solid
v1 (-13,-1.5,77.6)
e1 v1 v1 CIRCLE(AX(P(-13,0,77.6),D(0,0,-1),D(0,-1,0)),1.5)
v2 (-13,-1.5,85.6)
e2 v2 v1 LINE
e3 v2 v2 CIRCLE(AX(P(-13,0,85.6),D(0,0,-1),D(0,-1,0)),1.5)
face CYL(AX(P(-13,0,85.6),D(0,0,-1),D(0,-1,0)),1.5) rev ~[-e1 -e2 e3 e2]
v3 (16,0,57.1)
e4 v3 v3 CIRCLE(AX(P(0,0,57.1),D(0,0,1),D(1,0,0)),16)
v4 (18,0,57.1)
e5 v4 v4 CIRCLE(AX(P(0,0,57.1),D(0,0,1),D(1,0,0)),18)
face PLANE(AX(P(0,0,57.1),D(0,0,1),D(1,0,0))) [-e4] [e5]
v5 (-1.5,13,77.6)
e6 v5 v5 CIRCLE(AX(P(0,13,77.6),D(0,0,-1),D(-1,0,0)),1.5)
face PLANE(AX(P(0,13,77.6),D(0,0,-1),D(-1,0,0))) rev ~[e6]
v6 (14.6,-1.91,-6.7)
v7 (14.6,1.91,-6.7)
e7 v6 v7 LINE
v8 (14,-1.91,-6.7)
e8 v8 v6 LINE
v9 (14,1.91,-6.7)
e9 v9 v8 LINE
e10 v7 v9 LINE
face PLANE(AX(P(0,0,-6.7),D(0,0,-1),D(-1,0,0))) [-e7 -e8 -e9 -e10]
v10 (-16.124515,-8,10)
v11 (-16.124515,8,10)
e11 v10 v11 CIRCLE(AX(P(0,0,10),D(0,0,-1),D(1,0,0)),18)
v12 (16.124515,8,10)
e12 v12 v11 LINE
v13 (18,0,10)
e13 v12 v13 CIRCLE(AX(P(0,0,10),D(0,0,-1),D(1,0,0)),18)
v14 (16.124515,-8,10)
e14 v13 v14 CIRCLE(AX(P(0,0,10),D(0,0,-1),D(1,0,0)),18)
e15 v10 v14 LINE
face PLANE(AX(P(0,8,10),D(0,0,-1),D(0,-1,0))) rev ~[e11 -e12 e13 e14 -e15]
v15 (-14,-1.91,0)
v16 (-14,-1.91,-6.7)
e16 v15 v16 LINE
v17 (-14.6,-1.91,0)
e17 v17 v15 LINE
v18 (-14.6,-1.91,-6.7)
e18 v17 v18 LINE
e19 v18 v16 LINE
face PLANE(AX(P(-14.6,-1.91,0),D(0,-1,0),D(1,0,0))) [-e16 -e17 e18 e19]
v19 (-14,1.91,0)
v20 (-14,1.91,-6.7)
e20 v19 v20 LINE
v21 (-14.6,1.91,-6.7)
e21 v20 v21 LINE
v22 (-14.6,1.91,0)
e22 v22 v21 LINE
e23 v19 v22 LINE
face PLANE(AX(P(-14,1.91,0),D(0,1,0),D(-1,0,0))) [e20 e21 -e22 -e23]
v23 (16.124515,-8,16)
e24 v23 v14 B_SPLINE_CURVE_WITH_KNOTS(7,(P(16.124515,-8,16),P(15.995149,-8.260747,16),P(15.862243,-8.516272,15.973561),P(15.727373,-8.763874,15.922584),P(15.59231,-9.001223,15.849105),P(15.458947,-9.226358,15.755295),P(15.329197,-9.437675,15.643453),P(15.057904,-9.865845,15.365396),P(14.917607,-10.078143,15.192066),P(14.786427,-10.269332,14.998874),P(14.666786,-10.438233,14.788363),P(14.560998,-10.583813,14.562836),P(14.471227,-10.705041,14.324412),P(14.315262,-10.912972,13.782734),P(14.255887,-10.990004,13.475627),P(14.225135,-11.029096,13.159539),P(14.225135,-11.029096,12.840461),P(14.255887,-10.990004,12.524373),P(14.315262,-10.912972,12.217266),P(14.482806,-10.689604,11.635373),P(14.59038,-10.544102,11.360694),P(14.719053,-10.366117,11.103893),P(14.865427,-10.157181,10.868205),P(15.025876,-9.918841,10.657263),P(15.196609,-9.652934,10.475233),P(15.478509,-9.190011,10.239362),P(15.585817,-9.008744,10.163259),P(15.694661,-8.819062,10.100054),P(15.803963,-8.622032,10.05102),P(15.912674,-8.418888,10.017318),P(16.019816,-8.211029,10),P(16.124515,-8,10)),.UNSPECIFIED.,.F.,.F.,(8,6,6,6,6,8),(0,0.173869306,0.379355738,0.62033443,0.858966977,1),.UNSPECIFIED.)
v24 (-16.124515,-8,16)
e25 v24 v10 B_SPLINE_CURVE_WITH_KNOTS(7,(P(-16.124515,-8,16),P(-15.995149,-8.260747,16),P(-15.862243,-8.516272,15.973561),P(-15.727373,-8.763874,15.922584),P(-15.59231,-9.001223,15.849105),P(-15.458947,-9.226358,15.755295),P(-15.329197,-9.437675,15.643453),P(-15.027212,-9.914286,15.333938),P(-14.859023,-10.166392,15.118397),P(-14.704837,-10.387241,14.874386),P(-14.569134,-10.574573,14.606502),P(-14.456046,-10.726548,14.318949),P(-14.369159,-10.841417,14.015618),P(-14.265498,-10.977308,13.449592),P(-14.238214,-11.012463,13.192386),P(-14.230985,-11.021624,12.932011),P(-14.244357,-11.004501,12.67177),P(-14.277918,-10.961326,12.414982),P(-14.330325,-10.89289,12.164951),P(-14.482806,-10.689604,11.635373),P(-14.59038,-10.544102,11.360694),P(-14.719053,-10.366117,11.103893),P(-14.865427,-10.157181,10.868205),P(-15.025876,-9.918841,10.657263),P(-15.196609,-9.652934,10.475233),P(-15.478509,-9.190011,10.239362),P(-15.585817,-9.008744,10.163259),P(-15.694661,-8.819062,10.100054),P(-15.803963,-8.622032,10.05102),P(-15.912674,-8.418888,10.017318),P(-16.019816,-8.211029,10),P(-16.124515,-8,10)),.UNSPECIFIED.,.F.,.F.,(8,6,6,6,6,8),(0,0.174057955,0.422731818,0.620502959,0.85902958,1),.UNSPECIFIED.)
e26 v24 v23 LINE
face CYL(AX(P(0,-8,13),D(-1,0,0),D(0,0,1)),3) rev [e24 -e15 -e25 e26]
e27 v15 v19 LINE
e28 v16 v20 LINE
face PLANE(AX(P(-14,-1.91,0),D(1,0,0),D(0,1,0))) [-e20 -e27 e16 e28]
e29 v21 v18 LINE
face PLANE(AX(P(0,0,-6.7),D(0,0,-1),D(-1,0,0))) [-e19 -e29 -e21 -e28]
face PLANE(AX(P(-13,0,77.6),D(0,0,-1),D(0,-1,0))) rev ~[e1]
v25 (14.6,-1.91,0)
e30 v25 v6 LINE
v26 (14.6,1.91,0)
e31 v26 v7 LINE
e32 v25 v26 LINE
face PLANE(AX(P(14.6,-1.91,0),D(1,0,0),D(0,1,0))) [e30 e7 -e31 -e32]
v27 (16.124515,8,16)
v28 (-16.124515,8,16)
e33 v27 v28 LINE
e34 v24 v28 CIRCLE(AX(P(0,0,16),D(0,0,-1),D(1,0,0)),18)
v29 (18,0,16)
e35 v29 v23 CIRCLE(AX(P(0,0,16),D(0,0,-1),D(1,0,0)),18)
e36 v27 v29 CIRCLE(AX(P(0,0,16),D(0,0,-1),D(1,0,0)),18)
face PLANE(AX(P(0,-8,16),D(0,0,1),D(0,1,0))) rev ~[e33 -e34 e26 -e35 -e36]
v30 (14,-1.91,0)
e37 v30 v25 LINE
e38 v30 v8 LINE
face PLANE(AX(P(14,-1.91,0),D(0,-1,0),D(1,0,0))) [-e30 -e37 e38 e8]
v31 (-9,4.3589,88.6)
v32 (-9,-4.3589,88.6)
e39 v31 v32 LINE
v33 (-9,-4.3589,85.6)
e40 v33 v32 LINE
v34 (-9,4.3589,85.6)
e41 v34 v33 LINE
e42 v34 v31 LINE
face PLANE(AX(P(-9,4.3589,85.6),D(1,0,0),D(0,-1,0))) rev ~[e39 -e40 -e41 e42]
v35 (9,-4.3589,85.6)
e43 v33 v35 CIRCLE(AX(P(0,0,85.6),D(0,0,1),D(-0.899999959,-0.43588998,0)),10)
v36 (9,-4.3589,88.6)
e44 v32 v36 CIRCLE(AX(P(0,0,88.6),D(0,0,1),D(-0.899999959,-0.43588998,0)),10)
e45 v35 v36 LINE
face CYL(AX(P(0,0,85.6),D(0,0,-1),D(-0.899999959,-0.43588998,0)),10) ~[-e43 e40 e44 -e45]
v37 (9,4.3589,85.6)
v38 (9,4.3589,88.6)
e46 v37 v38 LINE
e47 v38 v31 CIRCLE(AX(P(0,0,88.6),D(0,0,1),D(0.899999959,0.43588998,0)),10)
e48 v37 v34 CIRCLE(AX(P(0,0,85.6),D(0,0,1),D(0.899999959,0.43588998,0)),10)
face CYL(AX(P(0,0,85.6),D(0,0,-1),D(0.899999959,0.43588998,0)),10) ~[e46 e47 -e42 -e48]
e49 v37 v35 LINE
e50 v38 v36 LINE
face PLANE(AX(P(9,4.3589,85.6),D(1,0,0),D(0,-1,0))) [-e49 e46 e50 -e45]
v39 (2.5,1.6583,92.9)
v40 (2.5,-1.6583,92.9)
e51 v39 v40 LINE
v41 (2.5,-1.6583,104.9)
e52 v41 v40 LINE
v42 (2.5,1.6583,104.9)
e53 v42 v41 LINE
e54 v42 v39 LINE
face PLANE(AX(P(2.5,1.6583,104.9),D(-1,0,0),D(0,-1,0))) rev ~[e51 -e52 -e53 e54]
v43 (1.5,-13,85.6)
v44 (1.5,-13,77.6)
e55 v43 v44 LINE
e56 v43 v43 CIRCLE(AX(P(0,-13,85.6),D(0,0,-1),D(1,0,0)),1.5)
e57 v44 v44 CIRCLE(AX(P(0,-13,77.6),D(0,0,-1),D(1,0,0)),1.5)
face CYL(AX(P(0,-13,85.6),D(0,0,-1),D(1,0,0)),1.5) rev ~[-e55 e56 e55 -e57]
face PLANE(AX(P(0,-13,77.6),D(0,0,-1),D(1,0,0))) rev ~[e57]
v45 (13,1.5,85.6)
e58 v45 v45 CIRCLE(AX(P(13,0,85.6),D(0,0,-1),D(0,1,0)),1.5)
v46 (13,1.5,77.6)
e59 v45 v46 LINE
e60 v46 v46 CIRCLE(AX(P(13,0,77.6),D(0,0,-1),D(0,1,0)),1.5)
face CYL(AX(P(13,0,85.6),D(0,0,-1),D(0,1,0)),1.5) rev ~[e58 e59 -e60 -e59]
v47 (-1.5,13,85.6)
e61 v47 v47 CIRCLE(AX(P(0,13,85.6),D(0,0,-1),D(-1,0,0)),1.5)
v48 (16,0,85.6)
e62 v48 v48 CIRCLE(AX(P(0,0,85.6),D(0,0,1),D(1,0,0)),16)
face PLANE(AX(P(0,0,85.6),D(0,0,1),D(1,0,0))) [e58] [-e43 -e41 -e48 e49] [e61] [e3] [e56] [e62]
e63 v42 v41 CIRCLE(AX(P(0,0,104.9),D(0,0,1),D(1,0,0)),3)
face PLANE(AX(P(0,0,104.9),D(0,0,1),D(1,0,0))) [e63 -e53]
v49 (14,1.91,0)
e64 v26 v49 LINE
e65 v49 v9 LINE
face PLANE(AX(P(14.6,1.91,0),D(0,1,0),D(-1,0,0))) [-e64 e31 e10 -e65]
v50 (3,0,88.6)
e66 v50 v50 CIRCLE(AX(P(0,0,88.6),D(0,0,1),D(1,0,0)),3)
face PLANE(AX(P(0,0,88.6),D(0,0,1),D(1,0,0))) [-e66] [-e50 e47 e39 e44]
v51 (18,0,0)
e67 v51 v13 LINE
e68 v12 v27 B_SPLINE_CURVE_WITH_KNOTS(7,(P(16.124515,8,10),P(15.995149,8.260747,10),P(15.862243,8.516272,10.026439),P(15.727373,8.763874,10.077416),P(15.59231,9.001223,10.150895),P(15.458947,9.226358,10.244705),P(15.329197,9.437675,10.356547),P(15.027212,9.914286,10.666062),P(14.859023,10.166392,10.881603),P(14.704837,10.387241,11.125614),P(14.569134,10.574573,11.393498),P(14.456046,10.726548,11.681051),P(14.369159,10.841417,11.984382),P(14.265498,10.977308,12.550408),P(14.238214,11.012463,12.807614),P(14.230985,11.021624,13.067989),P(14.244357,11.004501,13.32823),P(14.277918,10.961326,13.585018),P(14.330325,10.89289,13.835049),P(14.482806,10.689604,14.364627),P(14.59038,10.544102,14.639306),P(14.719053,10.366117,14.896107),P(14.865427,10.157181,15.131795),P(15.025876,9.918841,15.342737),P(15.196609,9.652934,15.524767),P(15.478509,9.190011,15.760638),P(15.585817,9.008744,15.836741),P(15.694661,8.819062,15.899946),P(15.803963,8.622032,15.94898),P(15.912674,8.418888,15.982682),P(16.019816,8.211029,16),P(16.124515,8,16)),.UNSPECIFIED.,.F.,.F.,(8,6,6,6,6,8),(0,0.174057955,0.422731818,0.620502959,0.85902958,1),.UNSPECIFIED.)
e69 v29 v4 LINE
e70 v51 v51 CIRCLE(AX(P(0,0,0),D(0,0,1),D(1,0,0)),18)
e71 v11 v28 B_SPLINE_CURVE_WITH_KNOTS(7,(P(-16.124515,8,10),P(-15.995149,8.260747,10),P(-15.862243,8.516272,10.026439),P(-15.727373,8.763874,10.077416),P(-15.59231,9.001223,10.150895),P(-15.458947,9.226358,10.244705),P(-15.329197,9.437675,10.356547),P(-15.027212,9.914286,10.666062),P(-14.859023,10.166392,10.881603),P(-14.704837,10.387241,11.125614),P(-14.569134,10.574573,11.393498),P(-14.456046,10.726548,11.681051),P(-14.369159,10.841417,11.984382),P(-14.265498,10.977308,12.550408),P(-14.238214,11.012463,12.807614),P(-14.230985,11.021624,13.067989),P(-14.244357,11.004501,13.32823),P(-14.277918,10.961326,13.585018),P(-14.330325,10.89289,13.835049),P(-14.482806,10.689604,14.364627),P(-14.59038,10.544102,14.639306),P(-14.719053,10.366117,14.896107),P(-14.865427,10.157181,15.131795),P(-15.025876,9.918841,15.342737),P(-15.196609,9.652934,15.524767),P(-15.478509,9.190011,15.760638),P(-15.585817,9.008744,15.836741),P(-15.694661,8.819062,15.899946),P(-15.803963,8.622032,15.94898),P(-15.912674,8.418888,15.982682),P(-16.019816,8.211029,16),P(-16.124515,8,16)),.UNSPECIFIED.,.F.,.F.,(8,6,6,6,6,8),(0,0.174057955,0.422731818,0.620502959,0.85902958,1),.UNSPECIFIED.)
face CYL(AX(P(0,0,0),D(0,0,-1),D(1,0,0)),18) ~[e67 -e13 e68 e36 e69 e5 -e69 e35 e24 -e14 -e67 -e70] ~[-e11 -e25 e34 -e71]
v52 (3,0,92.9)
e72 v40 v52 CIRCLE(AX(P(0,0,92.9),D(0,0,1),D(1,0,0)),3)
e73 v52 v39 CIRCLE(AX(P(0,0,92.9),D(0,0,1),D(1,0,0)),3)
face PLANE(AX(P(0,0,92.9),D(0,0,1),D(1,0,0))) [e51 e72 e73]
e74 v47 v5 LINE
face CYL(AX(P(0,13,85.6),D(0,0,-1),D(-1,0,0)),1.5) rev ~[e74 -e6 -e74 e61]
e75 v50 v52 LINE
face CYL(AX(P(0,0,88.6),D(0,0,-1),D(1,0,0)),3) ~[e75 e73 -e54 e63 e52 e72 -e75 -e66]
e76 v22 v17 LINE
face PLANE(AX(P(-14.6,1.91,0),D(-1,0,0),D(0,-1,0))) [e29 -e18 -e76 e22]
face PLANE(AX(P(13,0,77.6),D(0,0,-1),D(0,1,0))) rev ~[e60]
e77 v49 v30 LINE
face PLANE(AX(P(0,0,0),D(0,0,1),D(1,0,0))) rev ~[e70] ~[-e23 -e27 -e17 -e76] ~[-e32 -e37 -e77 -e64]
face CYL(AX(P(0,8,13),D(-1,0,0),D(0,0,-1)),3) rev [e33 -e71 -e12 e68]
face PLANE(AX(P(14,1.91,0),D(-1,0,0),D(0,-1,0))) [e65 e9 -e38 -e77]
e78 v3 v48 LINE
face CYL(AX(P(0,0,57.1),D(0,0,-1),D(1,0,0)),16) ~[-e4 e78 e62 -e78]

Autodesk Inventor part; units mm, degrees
ref_plane "YZ Plane" through (0, 0, 0) normal (1, 0, 0) x (0, 1, 0)
ref_plane "XZ Plane" through (0, 0, 0) normal (0, 1, 0) x (-1, 0, 0)
ref_plane "XY Plane" through (0, 0, 0) normal (0, 0, 1) x (1, 0, 0)
sketch "Sketch1" plane through (0, 0, 0) normal (0, 0, 1) x (1, 0, 0)
  circle A0 centre (0, 0) radius 18
  dimension "MotorDiameter" = 36
extrude "Extrusion1" add sketch "Sketch1" along normal blind 57.1
sketch "Sketch2" plane through (0, 0, 57.1) normal (0, 0, 1) x (1, 0, 0)
  circle A0 centre (0, 0) radius 16
  dimension "d3" = 32
extrude "Extrusion2" add sketch "Sketch2" along normal blind 28.5
sketch "Sketch3" plane through (0, 0, 85.6) normal (0, 0, 1) x (1, 0, 0)
  line L0 (-9, 4.3589) -> (-9, -4.3589)
  line L1 (9, 4.3589) -> (9, -4.3589)
  arc A0 (9, 4.3589) -> (-9, 4.3589) centre (0, 0) ccw
  arc A1 (-9, -4.3589) -> (9, -4.3589) centre (0, 0) ccw
  circle A2 centre (0, 0) radius 16 projected
  dimension "d7" = 18
  dimension "d8" = 9
  dimension "d9" = 10
  dimension "d10" = 10
extrude "Extrusion3" add sketch "Sketch3" along normal blind 3 contours A0 L1 A1 L0
sketch "Sketch4" plane through (0, 0, 88.6) normal (0, 0, 1) x (1, 0, 0)
  arc A0 (-9, -4.3589) -> (9, -4.3589) centre (0, 0) ccw projected
  circle A1 centre (0, 0) radius 3
  dimension "d13" = 6
extrude "Extrusion4" add sketch "Sketch4" along normal blind 16.3
sketch "Sketch5" plane through (0, 0, 104.9) normal (0, 0, 1) x (1, 0, 0)
  circle A0 centre (0, 0) radius 3 projected
  line L0 (2.5, 1.6583) -> (2.5, -1.6583)
  dimension "d16" = 2.5
extrude "Extrusion5" cut sketch "Sketch5" against normal blind 12 contours A0 L0 picked at (2.5914, -0.3806)
sketch "Sketch6" plane through (0, 0, 85.6) normal (0, 0, 1) x (1, 0, 0)
  circle A0 centre (0, 0) radius 16 projected
  circle A1 centre (0, 0) radius 13
  line L0 (0, 0) -> (-13, 0)
  line L1 (0, 0) -> (-13, 0)
  dimension "d19" = 26
  dimension "d20" = 0
hole "Hole1" at (-13, 0, 85.6) direction (0, 0, -1) diameter 3 depth 8
pattern_circular "Circular Pattern1" count 4 over 360 about axis through (0, 0, 57.1) along (0, 0, 1) of "Hole1"
thread "Thread1" size "M3x0.5" class "6H" standard "ANSI Metric M Profile" full length
thread "Thread2" size "M3x0.5" class "6H" standard "ANSI Metric M Profile" full length
thread "Thread3" size "M3x0.5" class "6H" standard "ANSI Metric M Profile" full length
thread "Thread4" size "M3x0.5" class "6H" standard "ANSI Metric M Profile" full length
sketch "Sketch7" plane through (0, 0, 0) normal (0, 0, -1) x (-1, 0, 0)
  line L0 (-14.6, 1.91) -> (-14, 1.91)
  line L1 (-14, 1.91) -> (-14, -1.91)
  line L2 (-14, -1.91) -> (-14.6, -1.91)
  line L3 (-14.6, -1.91) -> (-14.6, 1.91)
  line L4 (14, 1.91) -> (14.6, 1.91)
  line L5 (14.6, 1.91) -> (14.6, -1.91)
  line L6 (14.6, -1.91) -> (14, -1.91)
  line L7 (14, -1.91) -> (14, 1.91)
  point P0 (0, 0)
  point P1 (-14, 0)
  point P2 (14, 0)
  dimension "d39" = 3.82
  dimension "d40" = 0.6
  dimension "d41" = 3.82
  dimension "d42" = 0.6
  dimension "d43" = 28
  dimension "d44" = 14
extrude "Extrusion6" add sketch "Sketch7" along normal blind 6.7
sketch "Sketch8" plane through (0, 0, 0) normal (1, 0, 0) x (0, 1, 0)
  line L0 (-8, 16) -> (8, 16)
  line L1 (8, 10) -> (-8, 10)
  arc A0 (8, 10) -> (8, 16) centre (8, 13) ccw
  arc A1 (-8, 16) -> (-8, 10) centre (-8, 13) ccw
  line L2 (0, 0) -> (0, -14.3353)
  line L3 (0, 0) -> (-17.7641, 0)
  dimension "VentLength" = 16
  dimension "VentHalfWidth" = 3
  dimension "d49" = 8
  dimension "VentOffsetFromEnd" = 10
extrude "Extrusion7" cut sketch "Sketch8" along normal through all both and the other way through all
equation "\"MotorLength\" = FrontLength + BackLength"
equation "\"VentWidth\" = 2 * VentHalfWidth"
equation "\"FrontLength\" = 28.5"
equation "\"BackLength\" = 57.1"
properties part number "IG32P-Motor"
